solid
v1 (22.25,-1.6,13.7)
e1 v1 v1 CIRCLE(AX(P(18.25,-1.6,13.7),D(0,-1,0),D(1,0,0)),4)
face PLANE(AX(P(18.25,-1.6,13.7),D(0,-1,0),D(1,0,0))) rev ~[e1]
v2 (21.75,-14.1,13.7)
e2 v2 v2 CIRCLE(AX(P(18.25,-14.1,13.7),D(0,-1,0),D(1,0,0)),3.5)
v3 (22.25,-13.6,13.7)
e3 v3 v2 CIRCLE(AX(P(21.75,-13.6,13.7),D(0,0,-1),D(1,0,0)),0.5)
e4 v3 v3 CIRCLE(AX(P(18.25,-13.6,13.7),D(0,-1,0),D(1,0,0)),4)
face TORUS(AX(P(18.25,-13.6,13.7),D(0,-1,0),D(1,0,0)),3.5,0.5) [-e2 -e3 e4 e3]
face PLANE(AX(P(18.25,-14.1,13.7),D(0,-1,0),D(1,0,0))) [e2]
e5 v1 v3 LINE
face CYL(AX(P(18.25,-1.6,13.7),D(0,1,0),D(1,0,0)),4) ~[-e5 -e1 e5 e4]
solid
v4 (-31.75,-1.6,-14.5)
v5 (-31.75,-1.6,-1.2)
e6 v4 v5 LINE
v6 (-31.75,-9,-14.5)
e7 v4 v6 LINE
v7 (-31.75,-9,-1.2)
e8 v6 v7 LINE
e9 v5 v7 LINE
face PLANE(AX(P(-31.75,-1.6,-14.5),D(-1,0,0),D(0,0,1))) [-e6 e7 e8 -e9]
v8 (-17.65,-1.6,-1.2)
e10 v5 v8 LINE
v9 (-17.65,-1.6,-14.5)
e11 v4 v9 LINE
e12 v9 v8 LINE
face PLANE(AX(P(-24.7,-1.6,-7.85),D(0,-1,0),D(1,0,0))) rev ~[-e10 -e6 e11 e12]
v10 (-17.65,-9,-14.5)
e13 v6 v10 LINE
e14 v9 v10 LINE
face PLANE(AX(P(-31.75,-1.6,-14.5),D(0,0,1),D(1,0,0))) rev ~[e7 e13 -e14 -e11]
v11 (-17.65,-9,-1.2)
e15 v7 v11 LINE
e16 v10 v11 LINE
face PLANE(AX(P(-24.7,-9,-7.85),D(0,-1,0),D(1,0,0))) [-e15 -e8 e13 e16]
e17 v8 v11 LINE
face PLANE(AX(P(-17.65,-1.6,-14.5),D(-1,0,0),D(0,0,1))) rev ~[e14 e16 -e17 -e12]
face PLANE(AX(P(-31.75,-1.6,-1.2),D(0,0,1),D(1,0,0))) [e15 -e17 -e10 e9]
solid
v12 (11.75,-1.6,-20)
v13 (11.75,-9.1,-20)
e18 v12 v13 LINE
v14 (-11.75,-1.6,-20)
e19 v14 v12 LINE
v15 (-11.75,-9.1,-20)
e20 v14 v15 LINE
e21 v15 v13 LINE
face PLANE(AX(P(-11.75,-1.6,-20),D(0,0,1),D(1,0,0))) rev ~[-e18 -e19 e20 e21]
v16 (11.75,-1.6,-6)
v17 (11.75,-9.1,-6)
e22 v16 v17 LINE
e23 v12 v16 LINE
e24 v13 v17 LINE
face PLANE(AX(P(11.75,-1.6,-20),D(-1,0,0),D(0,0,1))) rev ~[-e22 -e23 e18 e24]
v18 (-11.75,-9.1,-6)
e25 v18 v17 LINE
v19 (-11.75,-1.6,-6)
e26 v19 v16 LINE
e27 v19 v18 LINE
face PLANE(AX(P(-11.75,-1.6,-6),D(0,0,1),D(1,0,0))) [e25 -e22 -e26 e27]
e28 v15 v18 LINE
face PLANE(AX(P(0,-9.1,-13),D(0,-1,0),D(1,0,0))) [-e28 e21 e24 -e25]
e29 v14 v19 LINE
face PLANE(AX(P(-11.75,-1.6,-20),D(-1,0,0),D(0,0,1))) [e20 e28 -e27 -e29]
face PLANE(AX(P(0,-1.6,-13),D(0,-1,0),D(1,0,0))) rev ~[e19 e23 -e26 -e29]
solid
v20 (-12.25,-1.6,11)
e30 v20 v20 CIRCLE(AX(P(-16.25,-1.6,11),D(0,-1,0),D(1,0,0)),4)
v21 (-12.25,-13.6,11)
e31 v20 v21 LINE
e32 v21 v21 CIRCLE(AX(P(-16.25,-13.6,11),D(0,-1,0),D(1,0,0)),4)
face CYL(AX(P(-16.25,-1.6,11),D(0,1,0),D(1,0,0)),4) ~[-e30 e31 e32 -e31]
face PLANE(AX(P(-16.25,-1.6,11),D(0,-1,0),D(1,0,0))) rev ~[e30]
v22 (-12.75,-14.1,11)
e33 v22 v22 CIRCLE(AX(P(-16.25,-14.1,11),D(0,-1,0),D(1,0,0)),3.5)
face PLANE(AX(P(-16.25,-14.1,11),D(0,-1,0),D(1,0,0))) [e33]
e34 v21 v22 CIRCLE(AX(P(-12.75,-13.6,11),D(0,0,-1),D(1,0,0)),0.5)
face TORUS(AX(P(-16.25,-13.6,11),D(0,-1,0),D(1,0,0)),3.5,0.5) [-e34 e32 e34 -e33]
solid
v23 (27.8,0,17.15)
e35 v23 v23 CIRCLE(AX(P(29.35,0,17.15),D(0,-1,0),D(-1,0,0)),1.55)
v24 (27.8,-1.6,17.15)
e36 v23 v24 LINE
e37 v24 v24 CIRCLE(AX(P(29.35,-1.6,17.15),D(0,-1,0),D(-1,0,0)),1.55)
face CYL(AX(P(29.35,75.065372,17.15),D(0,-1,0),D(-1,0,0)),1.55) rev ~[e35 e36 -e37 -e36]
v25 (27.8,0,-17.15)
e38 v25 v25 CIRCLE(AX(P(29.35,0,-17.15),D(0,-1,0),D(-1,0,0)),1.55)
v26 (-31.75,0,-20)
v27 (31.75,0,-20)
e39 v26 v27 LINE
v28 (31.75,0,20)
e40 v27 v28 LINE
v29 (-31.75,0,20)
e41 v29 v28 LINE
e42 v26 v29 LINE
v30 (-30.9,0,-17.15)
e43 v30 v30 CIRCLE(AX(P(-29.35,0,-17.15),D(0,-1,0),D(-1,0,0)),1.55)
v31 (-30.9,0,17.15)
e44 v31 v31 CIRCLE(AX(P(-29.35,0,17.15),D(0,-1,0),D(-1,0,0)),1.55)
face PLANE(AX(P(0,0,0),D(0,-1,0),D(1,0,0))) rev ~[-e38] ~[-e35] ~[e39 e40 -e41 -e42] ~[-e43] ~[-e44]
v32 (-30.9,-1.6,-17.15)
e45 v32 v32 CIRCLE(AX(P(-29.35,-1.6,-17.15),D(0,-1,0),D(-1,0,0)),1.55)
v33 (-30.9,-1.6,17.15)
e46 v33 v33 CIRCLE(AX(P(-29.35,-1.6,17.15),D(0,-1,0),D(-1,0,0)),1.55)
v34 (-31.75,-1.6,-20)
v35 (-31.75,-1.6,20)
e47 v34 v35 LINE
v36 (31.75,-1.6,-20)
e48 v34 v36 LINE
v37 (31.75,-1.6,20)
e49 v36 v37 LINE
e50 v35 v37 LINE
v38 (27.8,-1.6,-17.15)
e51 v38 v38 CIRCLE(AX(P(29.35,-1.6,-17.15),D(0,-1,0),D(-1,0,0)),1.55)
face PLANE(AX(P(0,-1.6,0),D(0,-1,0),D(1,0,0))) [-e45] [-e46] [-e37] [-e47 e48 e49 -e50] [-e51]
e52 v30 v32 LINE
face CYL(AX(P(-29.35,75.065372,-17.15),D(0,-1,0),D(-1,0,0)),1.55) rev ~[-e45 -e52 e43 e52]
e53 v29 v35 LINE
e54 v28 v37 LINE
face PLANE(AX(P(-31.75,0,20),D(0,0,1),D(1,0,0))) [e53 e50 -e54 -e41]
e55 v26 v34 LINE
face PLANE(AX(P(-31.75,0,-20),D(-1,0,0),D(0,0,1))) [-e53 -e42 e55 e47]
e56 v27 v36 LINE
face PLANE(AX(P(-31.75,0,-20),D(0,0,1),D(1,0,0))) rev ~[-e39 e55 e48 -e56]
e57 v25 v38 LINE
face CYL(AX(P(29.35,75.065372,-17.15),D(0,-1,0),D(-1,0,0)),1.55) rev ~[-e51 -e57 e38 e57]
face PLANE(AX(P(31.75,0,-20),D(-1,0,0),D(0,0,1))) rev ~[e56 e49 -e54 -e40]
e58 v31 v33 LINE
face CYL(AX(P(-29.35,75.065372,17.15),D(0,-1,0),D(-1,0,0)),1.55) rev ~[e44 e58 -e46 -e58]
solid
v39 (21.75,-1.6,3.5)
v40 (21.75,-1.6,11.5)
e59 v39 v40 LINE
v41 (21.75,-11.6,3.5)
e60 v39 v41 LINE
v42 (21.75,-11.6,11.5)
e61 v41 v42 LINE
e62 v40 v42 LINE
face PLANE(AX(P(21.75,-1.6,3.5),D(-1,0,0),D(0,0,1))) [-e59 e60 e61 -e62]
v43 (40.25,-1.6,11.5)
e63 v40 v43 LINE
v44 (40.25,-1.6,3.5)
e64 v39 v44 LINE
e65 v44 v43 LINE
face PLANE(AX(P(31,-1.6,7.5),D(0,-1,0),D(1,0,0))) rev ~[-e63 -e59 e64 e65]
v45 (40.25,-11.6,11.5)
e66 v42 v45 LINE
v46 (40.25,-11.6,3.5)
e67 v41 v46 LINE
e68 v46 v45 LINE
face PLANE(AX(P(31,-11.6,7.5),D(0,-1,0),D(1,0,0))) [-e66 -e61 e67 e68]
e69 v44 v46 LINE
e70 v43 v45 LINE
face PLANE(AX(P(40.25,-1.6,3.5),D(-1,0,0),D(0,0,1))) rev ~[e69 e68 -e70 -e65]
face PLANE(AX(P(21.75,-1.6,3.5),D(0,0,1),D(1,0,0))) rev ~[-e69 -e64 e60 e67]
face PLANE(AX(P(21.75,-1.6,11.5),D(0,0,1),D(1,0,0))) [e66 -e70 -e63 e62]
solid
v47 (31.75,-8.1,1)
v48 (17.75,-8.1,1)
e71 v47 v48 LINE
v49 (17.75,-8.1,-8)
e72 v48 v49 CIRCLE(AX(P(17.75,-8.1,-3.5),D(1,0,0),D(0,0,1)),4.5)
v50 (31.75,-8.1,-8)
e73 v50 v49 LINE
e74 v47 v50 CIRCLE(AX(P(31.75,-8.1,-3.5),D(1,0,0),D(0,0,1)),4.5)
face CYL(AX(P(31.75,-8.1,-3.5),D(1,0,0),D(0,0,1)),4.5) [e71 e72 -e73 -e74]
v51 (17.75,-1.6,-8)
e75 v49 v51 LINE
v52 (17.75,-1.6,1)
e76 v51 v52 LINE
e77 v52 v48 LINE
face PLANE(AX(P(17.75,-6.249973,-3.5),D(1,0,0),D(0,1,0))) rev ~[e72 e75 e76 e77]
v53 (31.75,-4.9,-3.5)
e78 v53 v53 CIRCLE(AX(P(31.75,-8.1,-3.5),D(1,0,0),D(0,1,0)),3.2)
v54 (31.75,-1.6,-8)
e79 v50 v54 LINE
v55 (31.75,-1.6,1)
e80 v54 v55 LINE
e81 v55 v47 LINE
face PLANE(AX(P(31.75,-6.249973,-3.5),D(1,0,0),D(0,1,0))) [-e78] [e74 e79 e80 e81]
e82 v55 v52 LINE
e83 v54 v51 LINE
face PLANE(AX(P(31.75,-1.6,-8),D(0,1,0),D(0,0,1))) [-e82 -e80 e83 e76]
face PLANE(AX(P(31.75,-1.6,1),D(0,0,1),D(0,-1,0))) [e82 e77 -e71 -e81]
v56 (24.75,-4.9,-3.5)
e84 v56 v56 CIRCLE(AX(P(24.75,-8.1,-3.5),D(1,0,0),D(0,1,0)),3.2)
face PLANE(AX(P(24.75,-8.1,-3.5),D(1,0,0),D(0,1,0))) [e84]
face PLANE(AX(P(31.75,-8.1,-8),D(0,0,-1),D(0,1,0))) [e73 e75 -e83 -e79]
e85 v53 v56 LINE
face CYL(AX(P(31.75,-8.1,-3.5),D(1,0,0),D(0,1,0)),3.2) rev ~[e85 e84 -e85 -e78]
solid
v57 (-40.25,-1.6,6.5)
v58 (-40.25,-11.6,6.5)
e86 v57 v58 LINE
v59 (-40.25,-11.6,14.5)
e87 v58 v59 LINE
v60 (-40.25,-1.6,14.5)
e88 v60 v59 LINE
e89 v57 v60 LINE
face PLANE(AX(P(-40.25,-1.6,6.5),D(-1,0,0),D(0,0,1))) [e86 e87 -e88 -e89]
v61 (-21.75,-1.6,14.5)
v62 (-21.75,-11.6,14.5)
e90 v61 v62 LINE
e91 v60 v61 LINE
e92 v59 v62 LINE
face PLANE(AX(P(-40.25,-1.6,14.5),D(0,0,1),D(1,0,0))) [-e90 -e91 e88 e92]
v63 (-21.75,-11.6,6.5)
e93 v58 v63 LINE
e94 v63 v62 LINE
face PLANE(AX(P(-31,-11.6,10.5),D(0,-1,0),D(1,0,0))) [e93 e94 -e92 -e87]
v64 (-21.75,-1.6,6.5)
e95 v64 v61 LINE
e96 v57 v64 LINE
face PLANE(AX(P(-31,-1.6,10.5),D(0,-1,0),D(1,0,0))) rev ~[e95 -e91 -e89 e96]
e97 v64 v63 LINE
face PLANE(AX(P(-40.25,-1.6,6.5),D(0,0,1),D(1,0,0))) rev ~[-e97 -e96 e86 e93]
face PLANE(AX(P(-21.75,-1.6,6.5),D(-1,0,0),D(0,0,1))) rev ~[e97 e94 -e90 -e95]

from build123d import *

# Parameters (mm, degrees)
F0_W      = 63.5
F0_H      = 40
F1_DEPTH  = 1.6
F2_D      = 3.1
F3_W      = 23.5
F3_H      = 14
F4_DEPTH  = 7.5
F5_W      = 14.1
F5_H      = 13.3
F6_DEPTH  = 7.4
F7_W      = 18.5
F7_H      = 8
F8_DEPTH  = 10
F9_R      = 4
F10_DEPTH = 12.5
F11_R     = 0.5
F12_R     = 3.2
F13_DEPTH = 14
F14_DEPTH = 7


with BuildPart() as f1:
    # F0 (on Front) → F1 (new body)
    with BuildSketch(Plane.XZ):
        Rectangle(F0_W, F0_H)
    extrude(amount=F1_DEPTH)

    # F2 (through all)
    with Locations(Plane(origin=(0, 0, 0), x_dir=(1, 0, 0), z_dir=(0, 1, 0))):
        with Locations((-29.35, 17.15), (29.35, 17.15), (29.35, -17.15), (-29.35, -17.15)):
            Hole(F2_D / 2)


with BuildPart() as f4:
    # F3 (on face) → F4 (new body)
    with BuildSketch(Plane.XZ.offset(1.6)):
        with Locations((0, -13)):
            Rectangle(F3_W, F3_H)
    extrude(amount=F4_DEPTH)


with BuildPart() as f6:
    # F5 (on face) → F6 (new body)
    with BuildSketch(Plane.XZ.offset(1.6)):
        with Locations((-24.7, -7.85)):
            Rectangle(F5_W, F5_H)
    extrude(amount=F6_DEPTH)


with BuildPart() as f8:
    # F7 (on face) → F8 (new body)
    with BuildSketch(Plane.XZ.offset(1.6)):
        with Locations((-31, 10.5)):
            Rectangle(F7_W, F7_H)
        with Locations((31, 7.5)):
            Rectangle(F7_W, F7_H)
    extrude(amount=F8_DEPTH)


with BuildPart() as f10:
    # F9 (on face) → F10 (new body)
    with BuildSketch(Plane.XZ.offset(1.6)):
        with Locations((-16.25, 11)):
            Circle(F9_R)
        with Locations((18.25, 13.7)):
            Circle(F9_R)
    extrude(amount=F10_DEPTH)

    # F11
    f11_edges = [f10.edges().sort_by_distance(p)[0] for p in [
        (-20.25, -14.1, 11),
        (14.25, -14.1, 13.7),
    ]]
    fillet(f11_edges, radius=F11_R)


with BuildPart() as f13:
    # F12 (on face) → F13 (new body)
    with BuildSketch(Plane.YZ.offset(31.75)):
        with BuildLine():
            Line((-8.1, -8), (-1.6, -8))
            Line((-1.6, -8), (-1.6, 1))
            Line((-1.6, 1), (-8.1, 1))
            ThreePointArc((-8.1, 1), (-12.6, -3.5), (-8.1, -8))
        make_face()
        with Locations((-8.1, -3.5)):
            Circle(F12_R, mode=Mode.SUBTRACT)
        with Locations((-8.1, -3.5)):
            Circle(F12_R)
    extrude(amount=-F13_DEPTH)

    # F12 (on face) → F14 (cut)
    with BuildSketch(Plane.YZ.offset(31.75)):
        with Locations((-8.1, -3.5)):
            Circle(F12_R)
    extrude(amount=-F14_DEPTH, mode=Mode.SUBTRACT)


solid = Compound([f1.part, f4.part, f6.part, f8.part, f10.part, f13.part])
